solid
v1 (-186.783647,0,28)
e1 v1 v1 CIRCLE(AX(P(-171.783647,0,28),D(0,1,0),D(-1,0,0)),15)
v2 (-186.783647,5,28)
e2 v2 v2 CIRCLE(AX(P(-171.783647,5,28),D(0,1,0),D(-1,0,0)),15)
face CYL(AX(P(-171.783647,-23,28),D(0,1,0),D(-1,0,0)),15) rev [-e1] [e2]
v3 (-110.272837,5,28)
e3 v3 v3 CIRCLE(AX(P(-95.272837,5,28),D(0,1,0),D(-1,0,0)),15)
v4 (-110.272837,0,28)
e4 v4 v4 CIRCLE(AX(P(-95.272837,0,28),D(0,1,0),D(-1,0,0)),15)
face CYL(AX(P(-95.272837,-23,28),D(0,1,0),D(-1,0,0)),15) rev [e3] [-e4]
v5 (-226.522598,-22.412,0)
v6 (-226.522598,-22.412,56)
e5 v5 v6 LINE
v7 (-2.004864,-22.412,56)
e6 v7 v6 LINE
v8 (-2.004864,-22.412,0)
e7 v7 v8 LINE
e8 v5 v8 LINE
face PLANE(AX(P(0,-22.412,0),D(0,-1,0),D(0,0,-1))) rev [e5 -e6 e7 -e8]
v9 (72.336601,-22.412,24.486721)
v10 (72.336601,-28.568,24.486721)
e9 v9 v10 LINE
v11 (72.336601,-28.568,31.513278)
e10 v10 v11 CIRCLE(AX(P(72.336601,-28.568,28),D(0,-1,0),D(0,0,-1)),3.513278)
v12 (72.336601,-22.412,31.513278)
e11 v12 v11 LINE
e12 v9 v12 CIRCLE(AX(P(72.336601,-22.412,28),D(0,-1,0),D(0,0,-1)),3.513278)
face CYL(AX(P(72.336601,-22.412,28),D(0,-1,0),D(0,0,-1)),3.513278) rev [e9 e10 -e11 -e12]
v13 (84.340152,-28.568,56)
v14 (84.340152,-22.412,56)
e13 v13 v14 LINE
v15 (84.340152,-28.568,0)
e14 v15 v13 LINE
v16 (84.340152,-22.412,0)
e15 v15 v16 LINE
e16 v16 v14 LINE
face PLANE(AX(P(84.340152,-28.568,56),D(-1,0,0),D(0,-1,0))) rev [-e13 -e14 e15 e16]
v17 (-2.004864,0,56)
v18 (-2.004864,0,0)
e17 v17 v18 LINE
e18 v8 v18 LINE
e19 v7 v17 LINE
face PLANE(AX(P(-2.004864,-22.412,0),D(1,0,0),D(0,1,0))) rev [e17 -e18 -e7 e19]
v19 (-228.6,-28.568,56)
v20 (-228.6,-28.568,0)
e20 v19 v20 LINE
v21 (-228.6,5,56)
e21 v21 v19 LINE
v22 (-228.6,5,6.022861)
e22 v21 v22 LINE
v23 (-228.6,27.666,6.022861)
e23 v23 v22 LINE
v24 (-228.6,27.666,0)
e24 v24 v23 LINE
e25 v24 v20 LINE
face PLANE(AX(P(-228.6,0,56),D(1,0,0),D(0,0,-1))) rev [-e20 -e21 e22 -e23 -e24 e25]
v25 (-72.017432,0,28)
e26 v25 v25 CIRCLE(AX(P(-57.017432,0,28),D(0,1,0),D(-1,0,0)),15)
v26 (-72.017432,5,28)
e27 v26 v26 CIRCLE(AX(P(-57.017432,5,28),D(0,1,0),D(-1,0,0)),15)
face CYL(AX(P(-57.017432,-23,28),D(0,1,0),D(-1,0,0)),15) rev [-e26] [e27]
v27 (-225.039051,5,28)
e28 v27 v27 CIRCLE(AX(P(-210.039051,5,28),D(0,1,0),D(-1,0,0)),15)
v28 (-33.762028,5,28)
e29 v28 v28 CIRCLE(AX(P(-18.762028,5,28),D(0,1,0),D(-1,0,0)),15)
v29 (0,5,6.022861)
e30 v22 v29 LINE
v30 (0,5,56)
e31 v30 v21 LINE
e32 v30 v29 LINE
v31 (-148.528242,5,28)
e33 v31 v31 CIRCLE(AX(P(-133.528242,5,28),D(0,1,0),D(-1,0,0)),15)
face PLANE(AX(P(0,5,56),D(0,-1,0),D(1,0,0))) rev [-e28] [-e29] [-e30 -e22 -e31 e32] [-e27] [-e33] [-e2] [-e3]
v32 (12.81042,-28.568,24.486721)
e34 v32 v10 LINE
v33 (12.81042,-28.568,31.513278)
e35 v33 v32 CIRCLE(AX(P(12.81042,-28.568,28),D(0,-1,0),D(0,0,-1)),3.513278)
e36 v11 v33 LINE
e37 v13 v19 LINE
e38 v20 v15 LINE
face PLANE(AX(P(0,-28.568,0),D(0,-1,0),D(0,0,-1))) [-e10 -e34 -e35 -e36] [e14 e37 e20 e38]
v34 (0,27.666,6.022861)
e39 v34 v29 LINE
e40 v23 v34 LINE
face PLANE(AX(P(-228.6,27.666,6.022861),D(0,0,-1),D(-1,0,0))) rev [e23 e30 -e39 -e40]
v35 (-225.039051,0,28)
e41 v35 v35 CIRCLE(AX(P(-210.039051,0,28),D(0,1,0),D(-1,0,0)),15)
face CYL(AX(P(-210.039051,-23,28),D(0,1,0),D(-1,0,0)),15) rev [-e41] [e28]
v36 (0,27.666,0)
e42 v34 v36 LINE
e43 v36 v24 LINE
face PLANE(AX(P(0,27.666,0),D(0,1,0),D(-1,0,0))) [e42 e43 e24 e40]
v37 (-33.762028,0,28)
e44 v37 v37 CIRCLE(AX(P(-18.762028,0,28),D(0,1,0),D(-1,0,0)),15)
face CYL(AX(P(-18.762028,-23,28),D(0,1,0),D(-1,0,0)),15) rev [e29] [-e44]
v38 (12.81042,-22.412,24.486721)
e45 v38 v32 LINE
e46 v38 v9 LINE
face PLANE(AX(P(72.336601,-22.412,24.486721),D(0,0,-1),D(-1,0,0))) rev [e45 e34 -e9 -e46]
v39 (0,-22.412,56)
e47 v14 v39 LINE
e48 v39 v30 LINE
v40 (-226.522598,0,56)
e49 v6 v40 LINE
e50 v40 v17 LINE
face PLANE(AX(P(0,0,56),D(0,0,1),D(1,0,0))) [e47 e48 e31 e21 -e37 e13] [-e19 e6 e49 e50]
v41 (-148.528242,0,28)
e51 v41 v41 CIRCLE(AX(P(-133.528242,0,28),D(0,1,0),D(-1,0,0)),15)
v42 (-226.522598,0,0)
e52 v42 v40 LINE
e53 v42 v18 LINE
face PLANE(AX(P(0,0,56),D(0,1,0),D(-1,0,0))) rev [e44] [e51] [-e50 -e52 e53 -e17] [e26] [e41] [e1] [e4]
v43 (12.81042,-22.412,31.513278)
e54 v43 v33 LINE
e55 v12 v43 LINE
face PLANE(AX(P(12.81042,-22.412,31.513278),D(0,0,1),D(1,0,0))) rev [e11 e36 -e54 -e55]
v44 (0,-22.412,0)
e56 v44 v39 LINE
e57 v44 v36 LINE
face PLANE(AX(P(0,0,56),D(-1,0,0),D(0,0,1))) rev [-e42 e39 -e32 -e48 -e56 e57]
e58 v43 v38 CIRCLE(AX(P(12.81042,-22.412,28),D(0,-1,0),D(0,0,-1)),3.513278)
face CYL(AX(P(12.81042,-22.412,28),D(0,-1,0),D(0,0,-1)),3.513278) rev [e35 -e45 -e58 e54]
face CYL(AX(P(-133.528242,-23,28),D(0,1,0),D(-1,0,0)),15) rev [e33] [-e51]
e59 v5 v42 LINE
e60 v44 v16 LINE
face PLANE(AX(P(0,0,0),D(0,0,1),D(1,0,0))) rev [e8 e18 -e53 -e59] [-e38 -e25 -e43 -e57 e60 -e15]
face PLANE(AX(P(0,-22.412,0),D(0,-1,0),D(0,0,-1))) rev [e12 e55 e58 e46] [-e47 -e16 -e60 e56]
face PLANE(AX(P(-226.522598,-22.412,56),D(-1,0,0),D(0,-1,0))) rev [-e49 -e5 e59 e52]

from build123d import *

# Parameters (mm, degrees)
SKETCH_1_W          = 228.6
SKETCH_1_H          = 5
EXTRUDE_1_DEPTH     = 55.99999976
SKETCH_2_R          = 15
CUT_EXTRUDE_1_DEPTH = 28
SKETCH_3_W          = 228.6
SKETCH_3_H          = 6.022861395
EXTRUDE_2_DEPTH     = 22.666
SKETCH_4_W          = 2.077402036
SKETCH_4_H          = 55.99999976
SKETCH_4_W_2        = 2.004864202
EXTRUDE_3_DEPTH     = 22.412
EXTRUDE_4_DEPTH     = 6.156
CUT_EXTRUDE_2_DEPTH = 6.156


with BuildPart() as part:
    # 草图1 → 凸台-拉伸1 (new body)
    with BuildSketch(Plane.XY):
        with Locations((-114.3, 2.5)):
            Rectangle(SKETCH_1_W, SKETCH_1_H)
    extrude(amount=EXTRUDE_1_DEPTH)

    # 草图2 → 切除-拉伸1 (cut)
    with BuildSketch(Plane(origin=(0, 5, 0), x_dir=(1, 0, 0), z_dir=(0, 1, 0))):
        with Locations(Location((-210.039051384, -27.99999988, 0), (0, 0, 180))):
            Circle(SKETCH_2_R)
        with Locations(Location((-171.783646654, -27.99999988, 0), (0, 0, 180))):
            Circle(SKETCH_2_R)
        with Locations(Location((-133.528241924, -27.99999988, 0), (0, 0, 180))):
            Circle(SKETCH_2_R)
        with Locations(Location((-95.272837194, -27.99999988, 0), (0, 0, 180))):
            Circle(SKETCH_2_R)
        with Locations(Location((-57.017432464, -27.99999988, 0), (0, 0, 180))):
            Circle(SKETCH_2_R)
        with Locations(Location((-18.762027734, -27.99999988, 0), (0, 0, 180))):
            Circle(SKETCH_2_R)
    extrude(amount=-CUT_EXTRUDE_1_DEPTH, mode=Mode.SUBTRACT)

    # 草图3 → 凸台-拉伸2 (add)
    with BuildSketch(Plane(origin=(0, 5, 0), x_dir=(1, 0, 0), z_dir=(0, 1, 0))):
        with Locations((-114.3, -3.011430698)):
            Rectangle(SKETCH_3_W, SKETCH_3_H)
    extrude(amount=EXTRUDE_2_DEPTH)

    # 草图4 → 凸台-拉伸3 (add)
    with BuildSketch(Plane.XZ):
        with Locations((-227.561298982, 27.99999988)):
            Rectangle(SKETCH_4_W, SKETCH_4_H)
        with Locations((-1.002432101, 27.99999988)):
            Rectangle(SKETCH_4_W_2, SKETCH_4_H)
    extrude(amount=EXTRUDE_3_DEPTH)

    # 草图5 → 凸台-拉伸4 (add)
    with BuildSketch(Plane.XZ.offset(22.412)):
        Polygon((-228.6, 55.99999976), (-228.6, 0), (-226.522597964, 0), (84.340152487, 0), (84.340152487, 55.99999976), (-226.522597964, 55.99999976), align=None)
    extrude(amount=EXTRUDE_4_DEPTH)

    # 草图7 → 切除-拉伸2 (cut)
    with BuildSketch(Plane.XZ.offset(28.568)):
        with BuildLine():
            Line((12.810419977, 31.513278328), (72.336600875, 31.513278328))
            ThreePointArc((72.336600875, 31.513278328), (75.849879323, 27.99999988), (72.336600875, 24.486721432))
            Line((72.336600875, 24.486721432), (12.810419977, 24.486721432))
            ThreePointArc((12.810419977, 24.486721432), (9.297141529, 27.99999988), (12.810419977, 31.513278328))
        make_face()
    extrude(amount=-CUT_EXTRUDE_2_DEPTH, mode=Mode.SUBTRACT)


solid = part.part
